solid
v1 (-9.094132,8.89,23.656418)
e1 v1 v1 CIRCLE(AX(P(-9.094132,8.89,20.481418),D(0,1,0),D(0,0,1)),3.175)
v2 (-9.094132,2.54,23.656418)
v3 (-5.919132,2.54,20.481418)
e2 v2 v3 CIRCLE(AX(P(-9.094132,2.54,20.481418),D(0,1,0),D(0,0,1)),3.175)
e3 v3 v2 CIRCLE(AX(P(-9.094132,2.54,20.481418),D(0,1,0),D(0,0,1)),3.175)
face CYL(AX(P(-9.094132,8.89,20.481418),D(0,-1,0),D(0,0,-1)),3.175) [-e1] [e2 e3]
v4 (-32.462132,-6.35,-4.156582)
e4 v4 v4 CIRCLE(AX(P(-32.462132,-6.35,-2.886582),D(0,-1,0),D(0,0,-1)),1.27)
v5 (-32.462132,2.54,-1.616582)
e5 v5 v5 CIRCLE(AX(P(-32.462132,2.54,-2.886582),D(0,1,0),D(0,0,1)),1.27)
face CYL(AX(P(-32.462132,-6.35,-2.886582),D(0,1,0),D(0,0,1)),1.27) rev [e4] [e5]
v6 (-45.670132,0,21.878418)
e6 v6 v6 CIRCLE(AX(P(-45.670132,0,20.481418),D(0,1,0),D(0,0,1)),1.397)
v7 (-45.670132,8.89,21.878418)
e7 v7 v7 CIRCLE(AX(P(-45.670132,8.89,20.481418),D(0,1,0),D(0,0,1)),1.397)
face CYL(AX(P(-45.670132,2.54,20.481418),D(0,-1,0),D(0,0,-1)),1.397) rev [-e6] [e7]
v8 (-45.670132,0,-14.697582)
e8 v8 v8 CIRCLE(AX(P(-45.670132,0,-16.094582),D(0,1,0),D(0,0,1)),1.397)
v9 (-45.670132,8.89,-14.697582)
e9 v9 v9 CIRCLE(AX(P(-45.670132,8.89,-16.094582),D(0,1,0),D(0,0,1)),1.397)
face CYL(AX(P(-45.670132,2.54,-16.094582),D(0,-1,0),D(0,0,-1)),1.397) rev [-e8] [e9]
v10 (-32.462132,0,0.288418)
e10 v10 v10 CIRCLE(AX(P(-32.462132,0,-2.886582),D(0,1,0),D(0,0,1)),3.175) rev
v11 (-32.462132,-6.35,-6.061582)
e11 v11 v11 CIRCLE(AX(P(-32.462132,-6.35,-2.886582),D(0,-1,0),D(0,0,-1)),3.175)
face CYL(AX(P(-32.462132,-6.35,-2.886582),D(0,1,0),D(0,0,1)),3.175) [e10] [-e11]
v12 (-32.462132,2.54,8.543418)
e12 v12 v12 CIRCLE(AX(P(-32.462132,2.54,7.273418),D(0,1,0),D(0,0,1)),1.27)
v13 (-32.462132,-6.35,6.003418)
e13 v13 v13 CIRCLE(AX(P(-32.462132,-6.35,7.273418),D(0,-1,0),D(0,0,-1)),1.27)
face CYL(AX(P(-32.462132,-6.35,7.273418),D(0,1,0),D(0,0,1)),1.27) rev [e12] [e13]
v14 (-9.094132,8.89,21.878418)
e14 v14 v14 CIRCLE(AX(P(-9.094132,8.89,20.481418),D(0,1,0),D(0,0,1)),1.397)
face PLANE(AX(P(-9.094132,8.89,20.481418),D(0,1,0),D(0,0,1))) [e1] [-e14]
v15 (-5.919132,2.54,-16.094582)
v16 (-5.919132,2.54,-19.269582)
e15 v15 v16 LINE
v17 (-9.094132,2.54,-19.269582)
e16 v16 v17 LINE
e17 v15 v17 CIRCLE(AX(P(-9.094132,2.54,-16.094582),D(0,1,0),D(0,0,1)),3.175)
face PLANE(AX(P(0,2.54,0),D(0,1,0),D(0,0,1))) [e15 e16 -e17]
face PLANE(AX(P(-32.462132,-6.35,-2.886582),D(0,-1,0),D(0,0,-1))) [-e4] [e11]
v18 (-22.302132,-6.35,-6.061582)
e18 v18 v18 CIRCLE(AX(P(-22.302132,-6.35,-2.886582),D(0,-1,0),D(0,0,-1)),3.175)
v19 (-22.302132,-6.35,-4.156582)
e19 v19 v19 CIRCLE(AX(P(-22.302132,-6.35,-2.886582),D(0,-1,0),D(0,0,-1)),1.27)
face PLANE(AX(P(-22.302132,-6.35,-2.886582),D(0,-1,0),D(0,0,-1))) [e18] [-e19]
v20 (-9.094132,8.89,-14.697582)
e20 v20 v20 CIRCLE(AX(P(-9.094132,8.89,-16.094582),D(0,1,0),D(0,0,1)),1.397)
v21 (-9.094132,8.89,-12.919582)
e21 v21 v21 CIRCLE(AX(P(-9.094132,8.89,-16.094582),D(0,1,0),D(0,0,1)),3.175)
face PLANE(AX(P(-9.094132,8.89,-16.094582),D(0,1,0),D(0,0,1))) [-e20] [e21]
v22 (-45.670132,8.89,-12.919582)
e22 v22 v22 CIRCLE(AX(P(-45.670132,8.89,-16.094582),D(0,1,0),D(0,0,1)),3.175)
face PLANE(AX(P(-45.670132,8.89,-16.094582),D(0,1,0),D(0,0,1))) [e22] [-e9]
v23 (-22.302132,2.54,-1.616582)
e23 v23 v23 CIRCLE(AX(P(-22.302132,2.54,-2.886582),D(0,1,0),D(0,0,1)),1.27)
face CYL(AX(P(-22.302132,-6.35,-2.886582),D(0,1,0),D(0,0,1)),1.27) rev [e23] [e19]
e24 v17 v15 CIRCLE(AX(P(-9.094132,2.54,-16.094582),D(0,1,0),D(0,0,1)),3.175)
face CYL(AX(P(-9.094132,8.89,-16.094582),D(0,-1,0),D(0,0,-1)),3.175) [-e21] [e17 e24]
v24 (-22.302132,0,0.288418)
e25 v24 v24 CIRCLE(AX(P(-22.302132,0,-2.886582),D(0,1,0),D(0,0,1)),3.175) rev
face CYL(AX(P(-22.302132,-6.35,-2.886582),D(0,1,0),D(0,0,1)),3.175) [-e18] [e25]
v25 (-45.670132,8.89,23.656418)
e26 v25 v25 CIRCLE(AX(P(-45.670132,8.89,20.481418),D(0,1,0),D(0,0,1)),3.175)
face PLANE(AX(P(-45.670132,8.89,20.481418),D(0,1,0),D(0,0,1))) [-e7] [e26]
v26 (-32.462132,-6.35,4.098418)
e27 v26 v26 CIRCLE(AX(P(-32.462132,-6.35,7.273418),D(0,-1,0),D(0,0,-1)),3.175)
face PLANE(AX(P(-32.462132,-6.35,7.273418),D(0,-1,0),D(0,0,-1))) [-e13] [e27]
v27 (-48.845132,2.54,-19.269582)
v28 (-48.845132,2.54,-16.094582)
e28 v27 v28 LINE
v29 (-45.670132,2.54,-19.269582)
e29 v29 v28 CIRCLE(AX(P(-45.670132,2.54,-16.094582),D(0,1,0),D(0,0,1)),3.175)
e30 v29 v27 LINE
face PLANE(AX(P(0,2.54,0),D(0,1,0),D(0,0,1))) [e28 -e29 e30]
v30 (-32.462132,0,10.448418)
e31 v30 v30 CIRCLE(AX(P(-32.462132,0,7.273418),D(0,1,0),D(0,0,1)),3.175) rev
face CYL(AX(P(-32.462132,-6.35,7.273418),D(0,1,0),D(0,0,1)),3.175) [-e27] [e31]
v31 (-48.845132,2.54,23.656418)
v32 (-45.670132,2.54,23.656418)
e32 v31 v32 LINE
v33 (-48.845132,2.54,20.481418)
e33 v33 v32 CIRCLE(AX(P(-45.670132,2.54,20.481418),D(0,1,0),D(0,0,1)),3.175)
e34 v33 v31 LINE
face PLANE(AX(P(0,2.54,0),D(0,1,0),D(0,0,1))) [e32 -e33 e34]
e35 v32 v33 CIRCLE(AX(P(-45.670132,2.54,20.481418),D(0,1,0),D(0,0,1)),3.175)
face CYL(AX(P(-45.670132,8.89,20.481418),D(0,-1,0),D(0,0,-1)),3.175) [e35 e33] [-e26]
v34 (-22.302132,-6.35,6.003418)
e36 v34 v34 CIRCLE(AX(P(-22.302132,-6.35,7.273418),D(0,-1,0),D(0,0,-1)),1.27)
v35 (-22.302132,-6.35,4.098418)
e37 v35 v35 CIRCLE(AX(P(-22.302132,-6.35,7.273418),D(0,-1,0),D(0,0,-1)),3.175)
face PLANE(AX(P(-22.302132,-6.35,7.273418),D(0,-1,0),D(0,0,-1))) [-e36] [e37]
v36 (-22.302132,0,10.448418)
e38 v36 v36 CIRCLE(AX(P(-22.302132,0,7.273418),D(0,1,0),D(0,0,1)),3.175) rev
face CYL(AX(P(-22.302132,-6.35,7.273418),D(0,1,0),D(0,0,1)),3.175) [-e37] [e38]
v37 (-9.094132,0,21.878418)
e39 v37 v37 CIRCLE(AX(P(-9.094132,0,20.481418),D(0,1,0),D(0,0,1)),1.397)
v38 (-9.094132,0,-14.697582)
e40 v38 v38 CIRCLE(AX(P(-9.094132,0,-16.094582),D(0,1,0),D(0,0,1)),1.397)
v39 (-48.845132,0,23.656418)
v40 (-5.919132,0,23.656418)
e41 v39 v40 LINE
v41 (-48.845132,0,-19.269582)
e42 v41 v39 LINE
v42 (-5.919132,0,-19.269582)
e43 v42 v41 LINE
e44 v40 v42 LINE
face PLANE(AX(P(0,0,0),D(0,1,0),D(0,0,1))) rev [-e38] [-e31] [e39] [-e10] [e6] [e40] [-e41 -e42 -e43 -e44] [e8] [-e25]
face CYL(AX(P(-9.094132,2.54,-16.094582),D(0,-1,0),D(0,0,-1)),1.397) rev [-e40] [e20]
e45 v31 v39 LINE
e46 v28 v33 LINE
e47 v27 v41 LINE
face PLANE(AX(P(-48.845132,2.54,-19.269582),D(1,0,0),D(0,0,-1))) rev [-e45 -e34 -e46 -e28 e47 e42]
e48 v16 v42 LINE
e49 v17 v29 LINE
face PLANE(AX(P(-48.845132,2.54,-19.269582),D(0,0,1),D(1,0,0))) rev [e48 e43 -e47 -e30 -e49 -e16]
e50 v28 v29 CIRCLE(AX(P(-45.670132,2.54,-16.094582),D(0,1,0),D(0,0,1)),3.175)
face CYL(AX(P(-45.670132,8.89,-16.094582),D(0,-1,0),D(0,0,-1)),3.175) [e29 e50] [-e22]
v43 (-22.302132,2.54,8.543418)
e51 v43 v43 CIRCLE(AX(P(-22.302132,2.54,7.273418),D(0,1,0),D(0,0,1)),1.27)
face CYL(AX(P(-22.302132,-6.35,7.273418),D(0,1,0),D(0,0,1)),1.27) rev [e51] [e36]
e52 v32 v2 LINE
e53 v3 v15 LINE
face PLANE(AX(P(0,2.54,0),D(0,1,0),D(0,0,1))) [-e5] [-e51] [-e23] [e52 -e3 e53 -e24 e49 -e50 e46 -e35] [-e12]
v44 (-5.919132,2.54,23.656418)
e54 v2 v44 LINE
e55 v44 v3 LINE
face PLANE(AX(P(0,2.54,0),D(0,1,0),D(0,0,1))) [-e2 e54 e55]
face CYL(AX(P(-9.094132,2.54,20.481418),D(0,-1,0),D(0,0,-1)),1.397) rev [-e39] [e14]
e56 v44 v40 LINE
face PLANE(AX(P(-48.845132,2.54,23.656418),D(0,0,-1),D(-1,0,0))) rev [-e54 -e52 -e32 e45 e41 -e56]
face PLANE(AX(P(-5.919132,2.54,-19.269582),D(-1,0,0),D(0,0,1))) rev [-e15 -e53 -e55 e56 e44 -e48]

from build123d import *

# Parameters (mm, degrees)
SKETCH1_W           = 42.926
SKETCH1_H           = 42.926
SKETCH1_R           = 1.397
BOSS_EXTRUDE1_DEPTH = 2.54
SKETCH2_R           = 3.175
SKETCH2_R_2         = 1.397
BOSS_EXTRUDE2_DEPTH = 6.35
SKETCH3_R           = 3.175
SKETCH3_R_2         = 1.27
BOSS_EXTRUDE3_DEPTH = 6.35
SKETCH4_R           = 1.27
CUT_EXTRUDE1_DEPTH  = 9.89


with BuildPart() as part:
    # Sketch1 → Boss-Extrude1 (new body)
    with BuildSketch(Plane(origin=(0, 0, 0), x_dir=(1, 0, 0), z_dir=(0, 1, 0))):
        with Locations((-27.382131523, -2.193417639)):
            Rectangle(SKETCH1_W, SKETCH1_H)
        with Locations((-45.670131523, 16.094582361)):
            Circle(SKETCH1_R, mode=Mode.SUBTRACT)
        with Locations((-9.094131523, 16.094582361)):
            Circle(SKETCH1_R, mode=Mode.SUBTRACT)
        with Locations((-45.670131523, -20.481417639)):
            Circle(SKETCH1_R, mode=Mode.SUBTRACT)
        with Locations((-9.094131523, -20.481417639)):
            Circle(SKETCH1_R, mode=Mode.SUBTRACT)
    extrude(amount=BOSS_EXTRUDE1_DEPTH)

    # Sketch2 → Boss-Extrude2 (add)
    with BuildSketch(Plane(origin=(0, 2.54, 0), x_dir=(1, 0, 0), z_dir=(0, 1, 0))):
        with Locations((-45.670131523, 16.094582361)):
            Circle(SKETCH2_R)
        with Locations((-45.670131523, 16.094582361)):
            Circle(SKETCH2_R_2, mode=Mode.SUBTRACT)
        with Locations((-9.094131523, 16.094582361)):
            Circle(SKETCH2_R)
        with Locations((-9.094131523, 16.094582361)):
            Circle(SKETCH2_R_2, mode=Mode.SUBTRACT)
        with Locations((-9.094131523, -20.481417639)):
            Circle(SKETCH2_R)
        with Locations((-9.094131523, -20.481417639)):
            Circle(SKETCH2_R_2, mode=Mode.SUBTRACT)
        with Locations((-45.670131523, -20.481417639)):
            Circle(SKETCH2_R)
        with Locations((-45.670131523, -20.481417639)):
            Circle(SKETCH2_R_2, mode=Mode.SUBTRACT)
    extrude(amount=BOSS_EXTRUDE2_DEPTH)

    # Sketch3 → Boss-Extrude3 (add)
    with BuildSketch(Plane.XZ):
        with Locations((-32.462131523, 7.273417639)):
            Circle(SKETCH3_R)
        with Locations((-32.462131523, 7.273417639)):
            Circle(SKETCH3_R_2, mode=Mode.SUBTRACT)
        with Locations((-22.302131523, 7.273417639)):
            Circle(SKETCH3_R)
        with Locations((-22.302131523, 7.273417639)):
            Circle(SKETCH3_R_2, mode=Mode.SUBTRACT)
        with Locations((-22.302131523, -2.886582361)):
            Circle(SKETCH3_R)
        with Locations((-22.302131523, -2.886582361)):
            Circle(SKETCH3_R_2, mode=Mode.SUBTRACT)
        with Locations((-32.462131523, -2.886582361)):
            Circle(SKETCH3_R)
        with Locations((-32.462131523, -2.886582361)):
            Circle(SKETCH3_R_2, mode=Mode.SUBTRACT)
    extrude(amount=BOSS_EXTRUDE3_DEPTH)

    # Sketch4 → Cut-Extrude1 (cut, through all)
    with BuildSketch(Plane.XZ):
        with Locations((-32.462131523, -2.886582361)):
            Circle(SKETCH4_R)
        with Locations((-32.462131523, 7.273417639)):
            Circle(SKETCH4_R)
        with Locations((-22.302131523, -2.886582361)):
            Circle(SKETCH4_R)
        with Locations((-22.302131523, 7.273417639)):
            Circle(SKETCH4_R)
    extrude(amount=-CUT_EXTRUDE1_DEPTH, mode=Mode.SUBTRACT)


solid = part.part
